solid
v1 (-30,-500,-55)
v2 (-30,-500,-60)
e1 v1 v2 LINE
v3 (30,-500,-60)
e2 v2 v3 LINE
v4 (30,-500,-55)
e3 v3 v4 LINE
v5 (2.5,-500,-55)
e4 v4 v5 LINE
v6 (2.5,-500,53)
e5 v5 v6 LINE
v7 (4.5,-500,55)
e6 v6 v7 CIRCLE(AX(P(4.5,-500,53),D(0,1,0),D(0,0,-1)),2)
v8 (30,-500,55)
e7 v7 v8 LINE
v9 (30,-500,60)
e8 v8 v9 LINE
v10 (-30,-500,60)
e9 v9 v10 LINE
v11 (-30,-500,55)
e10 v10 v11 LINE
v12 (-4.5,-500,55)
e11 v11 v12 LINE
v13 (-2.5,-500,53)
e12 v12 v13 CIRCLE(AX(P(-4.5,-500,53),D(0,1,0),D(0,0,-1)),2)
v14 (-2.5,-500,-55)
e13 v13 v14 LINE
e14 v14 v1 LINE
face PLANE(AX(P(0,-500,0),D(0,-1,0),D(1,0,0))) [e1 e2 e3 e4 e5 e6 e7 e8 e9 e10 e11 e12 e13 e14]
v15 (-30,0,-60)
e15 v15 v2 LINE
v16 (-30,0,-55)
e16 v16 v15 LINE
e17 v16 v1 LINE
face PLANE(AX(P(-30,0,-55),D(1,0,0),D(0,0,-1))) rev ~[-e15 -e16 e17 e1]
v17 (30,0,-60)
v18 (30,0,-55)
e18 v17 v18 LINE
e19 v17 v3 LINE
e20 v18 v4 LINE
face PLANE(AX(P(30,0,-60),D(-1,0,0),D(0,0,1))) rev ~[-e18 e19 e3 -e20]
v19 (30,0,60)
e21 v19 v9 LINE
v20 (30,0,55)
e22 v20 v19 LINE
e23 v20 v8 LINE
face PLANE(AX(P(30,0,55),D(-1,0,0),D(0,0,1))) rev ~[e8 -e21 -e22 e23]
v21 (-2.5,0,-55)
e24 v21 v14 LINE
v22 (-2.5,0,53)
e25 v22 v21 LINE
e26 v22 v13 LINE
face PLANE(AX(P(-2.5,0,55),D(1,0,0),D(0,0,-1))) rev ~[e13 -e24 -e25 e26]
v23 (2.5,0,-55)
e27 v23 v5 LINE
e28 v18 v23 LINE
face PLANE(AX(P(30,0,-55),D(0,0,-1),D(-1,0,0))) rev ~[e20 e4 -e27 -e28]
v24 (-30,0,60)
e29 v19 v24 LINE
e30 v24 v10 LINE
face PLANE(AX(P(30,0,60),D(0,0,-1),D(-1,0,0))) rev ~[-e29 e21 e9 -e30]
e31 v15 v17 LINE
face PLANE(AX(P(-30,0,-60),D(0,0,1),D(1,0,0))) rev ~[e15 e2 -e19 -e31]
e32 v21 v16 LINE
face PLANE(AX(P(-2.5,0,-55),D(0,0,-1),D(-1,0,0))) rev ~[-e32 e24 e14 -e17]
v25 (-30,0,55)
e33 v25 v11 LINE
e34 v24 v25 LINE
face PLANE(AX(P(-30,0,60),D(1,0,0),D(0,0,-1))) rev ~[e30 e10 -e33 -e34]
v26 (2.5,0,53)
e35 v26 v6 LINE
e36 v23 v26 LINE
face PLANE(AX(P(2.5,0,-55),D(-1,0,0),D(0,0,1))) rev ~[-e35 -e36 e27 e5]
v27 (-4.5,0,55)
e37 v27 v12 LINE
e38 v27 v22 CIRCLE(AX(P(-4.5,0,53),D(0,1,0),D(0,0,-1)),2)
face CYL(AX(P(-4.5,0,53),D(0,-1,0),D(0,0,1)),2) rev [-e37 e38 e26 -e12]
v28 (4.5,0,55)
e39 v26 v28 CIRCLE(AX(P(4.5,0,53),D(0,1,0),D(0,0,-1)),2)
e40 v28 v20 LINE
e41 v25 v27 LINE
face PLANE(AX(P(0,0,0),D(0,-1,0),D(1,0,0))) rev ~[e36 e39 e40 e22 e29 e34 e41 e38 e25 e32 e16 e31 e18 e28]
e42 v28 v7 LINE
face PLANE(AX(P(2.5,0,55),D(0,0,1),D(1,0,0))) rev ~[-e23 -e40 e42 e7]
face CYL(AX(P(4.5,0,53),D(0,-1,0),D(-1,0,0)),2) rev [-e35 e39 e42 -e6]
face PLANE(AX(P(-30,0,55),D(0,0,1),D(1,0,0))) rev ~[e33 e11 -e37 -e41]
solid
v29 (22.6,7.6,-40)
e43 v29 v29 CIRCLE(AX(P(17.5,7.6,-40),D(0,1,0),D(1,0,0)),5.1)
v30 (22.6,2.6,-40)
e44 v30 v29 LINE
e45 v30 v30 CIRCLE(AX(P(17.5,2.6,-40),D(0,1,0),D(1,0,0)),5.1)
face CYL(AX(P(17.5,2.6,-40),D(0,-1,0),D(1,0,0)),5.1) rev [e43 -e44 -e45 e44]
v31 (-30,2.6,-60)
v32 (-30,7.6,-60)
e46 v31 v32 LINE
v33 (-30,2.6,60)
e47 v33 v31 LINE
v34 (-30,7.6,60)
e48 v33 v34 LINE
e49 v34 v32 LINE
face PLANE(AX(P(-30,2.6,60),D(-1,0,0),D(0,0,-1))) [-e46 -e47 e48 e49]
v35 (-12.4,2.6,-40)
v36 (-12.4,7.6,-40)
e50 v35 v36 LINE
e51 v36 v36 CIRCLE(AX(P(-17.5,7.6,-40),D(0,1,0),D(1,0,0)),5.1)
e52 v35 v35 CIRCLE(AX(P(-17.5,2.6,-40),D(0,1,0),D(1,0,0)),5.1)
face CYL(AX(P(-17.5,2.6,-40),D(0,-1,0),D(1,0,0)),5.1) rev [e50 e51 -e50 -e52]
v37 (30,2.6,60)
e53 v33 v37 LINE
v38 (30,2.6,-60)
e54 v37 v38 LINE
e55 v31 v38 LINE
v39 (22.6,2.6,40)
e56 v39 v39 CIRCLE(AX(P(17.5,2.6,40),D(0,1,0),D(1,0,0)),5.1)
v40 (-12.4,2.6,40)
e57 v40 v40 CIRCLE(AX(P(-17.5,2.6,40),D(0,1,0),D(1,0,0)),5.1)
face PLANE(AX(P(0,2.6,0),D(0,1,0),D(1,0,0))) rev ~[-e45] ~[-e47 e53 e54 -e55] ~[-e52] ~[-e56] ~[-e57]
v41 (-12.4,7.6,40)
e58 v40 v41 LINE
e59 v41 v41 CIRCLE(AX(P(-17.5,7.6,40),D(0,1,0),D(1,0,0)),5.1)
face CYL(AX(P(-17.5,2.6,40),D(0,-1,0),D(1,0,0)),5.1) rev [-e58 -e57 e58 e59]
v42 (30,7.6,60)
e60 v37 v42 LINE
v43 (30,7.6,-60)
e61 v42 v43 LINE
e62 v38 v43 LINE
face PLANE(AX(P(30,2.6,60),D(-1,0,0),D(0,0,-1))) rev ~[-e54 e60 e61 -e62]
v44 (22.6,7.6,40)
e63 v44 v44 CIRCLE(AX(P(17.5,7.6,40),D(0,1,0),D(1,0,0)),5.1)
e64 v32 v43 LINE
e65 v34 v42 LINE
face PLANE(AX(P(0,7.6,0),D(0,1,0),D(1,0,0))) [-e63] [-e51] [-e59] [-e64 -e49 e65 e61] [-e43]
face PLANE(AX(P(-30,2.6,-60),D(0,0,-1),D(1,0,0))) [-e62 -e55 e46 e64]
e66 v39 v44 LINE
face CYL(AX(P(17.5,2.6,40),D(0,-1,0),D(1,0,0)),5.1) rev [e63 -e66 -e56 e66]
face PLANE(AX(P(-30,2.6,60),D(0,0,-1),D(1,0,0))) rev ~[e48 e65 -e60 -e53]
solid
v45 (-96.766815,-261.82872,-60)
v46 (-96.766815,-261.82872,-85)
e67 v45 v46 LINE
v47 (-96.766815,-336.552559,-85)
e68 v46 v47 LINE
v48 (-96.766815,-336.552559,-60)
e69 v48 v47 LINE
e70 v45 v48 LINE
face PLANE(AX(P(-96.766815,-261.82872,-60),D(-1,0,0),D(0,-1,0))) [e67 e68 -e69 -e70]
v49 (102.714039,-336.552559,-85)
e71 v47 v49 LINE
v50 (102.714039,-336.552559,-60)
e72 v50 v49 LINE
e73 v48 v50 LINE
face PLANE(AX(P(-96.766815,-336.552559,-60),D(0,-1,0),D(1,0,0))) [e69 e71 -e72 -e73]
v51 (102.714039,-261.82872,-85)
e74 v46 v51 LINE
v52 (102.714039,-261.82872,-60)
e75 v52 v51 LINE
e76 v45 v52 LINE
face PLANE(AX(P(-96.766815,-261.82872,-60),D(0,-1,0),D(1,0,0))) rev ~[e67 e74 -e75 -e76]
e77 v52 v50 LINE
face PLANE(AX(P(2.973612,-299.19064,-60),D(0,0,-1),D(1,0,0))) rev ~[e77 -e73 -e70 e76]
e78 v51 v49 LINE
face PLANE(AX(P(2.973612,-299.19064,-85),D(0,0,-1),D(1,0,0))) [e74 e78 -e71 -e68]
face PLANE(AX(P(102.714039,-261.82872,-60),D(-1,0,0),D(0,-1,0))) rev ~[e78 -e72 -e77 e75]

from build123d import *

# Parameters (mm, degrees)
F1_DEPTH = 500
F3_W     = 60
F3_H     = 120
F3_R     = 5.1
F4_DEPTH = 5
F5_R     = 2
F6_R     = 2
F7_W     = 199.480854
F7_H     = 74.723839
F8_DEPTH = 25


with BuildPart() as f1:
    # F0 (on Front) → F1 (new body)
    with BuildSketch(Plane.XZ):
        Polygon((-30, 55), (-2.5, 55), (-2.5, -55), (-30, -55), (-30, -60), (30, -60), (30, -55), (2.5, -55), (2.5, 55), (30, 55), (30, 60), (-30, 60), align=None)
    extrude(amount=F1_DEPTH)

    # F5
    f5_edges = [f1.edges().sort_by_distance(p)[0] for p in [
        (2.5, -250, 55),
    ]]
    fillet(f5_edges, radius=F5_R)

    # F6
    f6_edges = [f1.edges().sort_by_distance(p)[0] for p in [
        (-2.5, -250, 55),
    ]]
    fillet(f6_edges, radius=F6_R)


with BuildPart() as f4:
    # F3 (on offset) → F4 (new body)
    with BuildSketch(Plane(origin=(0, 2.6, 0), x_dir=(1, 0, 0), z_dir=(0, 1, 0))):
        Rectangle(F3_W, F3_H)
        with Locations((-17.5, -40)):
            Circle(F3_R, mode=Mode.SUBTRACT)
        with Locations((17.5, -40)):
            Circle(F3_R, mode=Mode.SUBTRACT)
        with Locations((-17.5, 40)):
            Circle(F3_R, mode=Mode.SUBTRACT)
        with Locations((17.5, 40)):
            Circle(F3_R, mode=Mode.SUBTRACT)
    extrude(amount=F4_DEPTH)


with BuildPart() as f8:
    # F7 (on face) → F8 (new body)
    with BuildSketch(Plane(origin=(0, 0, -60), x_dir=(1, 0, 0), z_dir=(0, 0, -1))):
        with Locations((2.973612, 299.19064)):
            Rectangle(F7_W, F7_H)
    extrude(amount=F8_DEPTH)


solid = Compound([f1.part, f4.part, f8.part])
